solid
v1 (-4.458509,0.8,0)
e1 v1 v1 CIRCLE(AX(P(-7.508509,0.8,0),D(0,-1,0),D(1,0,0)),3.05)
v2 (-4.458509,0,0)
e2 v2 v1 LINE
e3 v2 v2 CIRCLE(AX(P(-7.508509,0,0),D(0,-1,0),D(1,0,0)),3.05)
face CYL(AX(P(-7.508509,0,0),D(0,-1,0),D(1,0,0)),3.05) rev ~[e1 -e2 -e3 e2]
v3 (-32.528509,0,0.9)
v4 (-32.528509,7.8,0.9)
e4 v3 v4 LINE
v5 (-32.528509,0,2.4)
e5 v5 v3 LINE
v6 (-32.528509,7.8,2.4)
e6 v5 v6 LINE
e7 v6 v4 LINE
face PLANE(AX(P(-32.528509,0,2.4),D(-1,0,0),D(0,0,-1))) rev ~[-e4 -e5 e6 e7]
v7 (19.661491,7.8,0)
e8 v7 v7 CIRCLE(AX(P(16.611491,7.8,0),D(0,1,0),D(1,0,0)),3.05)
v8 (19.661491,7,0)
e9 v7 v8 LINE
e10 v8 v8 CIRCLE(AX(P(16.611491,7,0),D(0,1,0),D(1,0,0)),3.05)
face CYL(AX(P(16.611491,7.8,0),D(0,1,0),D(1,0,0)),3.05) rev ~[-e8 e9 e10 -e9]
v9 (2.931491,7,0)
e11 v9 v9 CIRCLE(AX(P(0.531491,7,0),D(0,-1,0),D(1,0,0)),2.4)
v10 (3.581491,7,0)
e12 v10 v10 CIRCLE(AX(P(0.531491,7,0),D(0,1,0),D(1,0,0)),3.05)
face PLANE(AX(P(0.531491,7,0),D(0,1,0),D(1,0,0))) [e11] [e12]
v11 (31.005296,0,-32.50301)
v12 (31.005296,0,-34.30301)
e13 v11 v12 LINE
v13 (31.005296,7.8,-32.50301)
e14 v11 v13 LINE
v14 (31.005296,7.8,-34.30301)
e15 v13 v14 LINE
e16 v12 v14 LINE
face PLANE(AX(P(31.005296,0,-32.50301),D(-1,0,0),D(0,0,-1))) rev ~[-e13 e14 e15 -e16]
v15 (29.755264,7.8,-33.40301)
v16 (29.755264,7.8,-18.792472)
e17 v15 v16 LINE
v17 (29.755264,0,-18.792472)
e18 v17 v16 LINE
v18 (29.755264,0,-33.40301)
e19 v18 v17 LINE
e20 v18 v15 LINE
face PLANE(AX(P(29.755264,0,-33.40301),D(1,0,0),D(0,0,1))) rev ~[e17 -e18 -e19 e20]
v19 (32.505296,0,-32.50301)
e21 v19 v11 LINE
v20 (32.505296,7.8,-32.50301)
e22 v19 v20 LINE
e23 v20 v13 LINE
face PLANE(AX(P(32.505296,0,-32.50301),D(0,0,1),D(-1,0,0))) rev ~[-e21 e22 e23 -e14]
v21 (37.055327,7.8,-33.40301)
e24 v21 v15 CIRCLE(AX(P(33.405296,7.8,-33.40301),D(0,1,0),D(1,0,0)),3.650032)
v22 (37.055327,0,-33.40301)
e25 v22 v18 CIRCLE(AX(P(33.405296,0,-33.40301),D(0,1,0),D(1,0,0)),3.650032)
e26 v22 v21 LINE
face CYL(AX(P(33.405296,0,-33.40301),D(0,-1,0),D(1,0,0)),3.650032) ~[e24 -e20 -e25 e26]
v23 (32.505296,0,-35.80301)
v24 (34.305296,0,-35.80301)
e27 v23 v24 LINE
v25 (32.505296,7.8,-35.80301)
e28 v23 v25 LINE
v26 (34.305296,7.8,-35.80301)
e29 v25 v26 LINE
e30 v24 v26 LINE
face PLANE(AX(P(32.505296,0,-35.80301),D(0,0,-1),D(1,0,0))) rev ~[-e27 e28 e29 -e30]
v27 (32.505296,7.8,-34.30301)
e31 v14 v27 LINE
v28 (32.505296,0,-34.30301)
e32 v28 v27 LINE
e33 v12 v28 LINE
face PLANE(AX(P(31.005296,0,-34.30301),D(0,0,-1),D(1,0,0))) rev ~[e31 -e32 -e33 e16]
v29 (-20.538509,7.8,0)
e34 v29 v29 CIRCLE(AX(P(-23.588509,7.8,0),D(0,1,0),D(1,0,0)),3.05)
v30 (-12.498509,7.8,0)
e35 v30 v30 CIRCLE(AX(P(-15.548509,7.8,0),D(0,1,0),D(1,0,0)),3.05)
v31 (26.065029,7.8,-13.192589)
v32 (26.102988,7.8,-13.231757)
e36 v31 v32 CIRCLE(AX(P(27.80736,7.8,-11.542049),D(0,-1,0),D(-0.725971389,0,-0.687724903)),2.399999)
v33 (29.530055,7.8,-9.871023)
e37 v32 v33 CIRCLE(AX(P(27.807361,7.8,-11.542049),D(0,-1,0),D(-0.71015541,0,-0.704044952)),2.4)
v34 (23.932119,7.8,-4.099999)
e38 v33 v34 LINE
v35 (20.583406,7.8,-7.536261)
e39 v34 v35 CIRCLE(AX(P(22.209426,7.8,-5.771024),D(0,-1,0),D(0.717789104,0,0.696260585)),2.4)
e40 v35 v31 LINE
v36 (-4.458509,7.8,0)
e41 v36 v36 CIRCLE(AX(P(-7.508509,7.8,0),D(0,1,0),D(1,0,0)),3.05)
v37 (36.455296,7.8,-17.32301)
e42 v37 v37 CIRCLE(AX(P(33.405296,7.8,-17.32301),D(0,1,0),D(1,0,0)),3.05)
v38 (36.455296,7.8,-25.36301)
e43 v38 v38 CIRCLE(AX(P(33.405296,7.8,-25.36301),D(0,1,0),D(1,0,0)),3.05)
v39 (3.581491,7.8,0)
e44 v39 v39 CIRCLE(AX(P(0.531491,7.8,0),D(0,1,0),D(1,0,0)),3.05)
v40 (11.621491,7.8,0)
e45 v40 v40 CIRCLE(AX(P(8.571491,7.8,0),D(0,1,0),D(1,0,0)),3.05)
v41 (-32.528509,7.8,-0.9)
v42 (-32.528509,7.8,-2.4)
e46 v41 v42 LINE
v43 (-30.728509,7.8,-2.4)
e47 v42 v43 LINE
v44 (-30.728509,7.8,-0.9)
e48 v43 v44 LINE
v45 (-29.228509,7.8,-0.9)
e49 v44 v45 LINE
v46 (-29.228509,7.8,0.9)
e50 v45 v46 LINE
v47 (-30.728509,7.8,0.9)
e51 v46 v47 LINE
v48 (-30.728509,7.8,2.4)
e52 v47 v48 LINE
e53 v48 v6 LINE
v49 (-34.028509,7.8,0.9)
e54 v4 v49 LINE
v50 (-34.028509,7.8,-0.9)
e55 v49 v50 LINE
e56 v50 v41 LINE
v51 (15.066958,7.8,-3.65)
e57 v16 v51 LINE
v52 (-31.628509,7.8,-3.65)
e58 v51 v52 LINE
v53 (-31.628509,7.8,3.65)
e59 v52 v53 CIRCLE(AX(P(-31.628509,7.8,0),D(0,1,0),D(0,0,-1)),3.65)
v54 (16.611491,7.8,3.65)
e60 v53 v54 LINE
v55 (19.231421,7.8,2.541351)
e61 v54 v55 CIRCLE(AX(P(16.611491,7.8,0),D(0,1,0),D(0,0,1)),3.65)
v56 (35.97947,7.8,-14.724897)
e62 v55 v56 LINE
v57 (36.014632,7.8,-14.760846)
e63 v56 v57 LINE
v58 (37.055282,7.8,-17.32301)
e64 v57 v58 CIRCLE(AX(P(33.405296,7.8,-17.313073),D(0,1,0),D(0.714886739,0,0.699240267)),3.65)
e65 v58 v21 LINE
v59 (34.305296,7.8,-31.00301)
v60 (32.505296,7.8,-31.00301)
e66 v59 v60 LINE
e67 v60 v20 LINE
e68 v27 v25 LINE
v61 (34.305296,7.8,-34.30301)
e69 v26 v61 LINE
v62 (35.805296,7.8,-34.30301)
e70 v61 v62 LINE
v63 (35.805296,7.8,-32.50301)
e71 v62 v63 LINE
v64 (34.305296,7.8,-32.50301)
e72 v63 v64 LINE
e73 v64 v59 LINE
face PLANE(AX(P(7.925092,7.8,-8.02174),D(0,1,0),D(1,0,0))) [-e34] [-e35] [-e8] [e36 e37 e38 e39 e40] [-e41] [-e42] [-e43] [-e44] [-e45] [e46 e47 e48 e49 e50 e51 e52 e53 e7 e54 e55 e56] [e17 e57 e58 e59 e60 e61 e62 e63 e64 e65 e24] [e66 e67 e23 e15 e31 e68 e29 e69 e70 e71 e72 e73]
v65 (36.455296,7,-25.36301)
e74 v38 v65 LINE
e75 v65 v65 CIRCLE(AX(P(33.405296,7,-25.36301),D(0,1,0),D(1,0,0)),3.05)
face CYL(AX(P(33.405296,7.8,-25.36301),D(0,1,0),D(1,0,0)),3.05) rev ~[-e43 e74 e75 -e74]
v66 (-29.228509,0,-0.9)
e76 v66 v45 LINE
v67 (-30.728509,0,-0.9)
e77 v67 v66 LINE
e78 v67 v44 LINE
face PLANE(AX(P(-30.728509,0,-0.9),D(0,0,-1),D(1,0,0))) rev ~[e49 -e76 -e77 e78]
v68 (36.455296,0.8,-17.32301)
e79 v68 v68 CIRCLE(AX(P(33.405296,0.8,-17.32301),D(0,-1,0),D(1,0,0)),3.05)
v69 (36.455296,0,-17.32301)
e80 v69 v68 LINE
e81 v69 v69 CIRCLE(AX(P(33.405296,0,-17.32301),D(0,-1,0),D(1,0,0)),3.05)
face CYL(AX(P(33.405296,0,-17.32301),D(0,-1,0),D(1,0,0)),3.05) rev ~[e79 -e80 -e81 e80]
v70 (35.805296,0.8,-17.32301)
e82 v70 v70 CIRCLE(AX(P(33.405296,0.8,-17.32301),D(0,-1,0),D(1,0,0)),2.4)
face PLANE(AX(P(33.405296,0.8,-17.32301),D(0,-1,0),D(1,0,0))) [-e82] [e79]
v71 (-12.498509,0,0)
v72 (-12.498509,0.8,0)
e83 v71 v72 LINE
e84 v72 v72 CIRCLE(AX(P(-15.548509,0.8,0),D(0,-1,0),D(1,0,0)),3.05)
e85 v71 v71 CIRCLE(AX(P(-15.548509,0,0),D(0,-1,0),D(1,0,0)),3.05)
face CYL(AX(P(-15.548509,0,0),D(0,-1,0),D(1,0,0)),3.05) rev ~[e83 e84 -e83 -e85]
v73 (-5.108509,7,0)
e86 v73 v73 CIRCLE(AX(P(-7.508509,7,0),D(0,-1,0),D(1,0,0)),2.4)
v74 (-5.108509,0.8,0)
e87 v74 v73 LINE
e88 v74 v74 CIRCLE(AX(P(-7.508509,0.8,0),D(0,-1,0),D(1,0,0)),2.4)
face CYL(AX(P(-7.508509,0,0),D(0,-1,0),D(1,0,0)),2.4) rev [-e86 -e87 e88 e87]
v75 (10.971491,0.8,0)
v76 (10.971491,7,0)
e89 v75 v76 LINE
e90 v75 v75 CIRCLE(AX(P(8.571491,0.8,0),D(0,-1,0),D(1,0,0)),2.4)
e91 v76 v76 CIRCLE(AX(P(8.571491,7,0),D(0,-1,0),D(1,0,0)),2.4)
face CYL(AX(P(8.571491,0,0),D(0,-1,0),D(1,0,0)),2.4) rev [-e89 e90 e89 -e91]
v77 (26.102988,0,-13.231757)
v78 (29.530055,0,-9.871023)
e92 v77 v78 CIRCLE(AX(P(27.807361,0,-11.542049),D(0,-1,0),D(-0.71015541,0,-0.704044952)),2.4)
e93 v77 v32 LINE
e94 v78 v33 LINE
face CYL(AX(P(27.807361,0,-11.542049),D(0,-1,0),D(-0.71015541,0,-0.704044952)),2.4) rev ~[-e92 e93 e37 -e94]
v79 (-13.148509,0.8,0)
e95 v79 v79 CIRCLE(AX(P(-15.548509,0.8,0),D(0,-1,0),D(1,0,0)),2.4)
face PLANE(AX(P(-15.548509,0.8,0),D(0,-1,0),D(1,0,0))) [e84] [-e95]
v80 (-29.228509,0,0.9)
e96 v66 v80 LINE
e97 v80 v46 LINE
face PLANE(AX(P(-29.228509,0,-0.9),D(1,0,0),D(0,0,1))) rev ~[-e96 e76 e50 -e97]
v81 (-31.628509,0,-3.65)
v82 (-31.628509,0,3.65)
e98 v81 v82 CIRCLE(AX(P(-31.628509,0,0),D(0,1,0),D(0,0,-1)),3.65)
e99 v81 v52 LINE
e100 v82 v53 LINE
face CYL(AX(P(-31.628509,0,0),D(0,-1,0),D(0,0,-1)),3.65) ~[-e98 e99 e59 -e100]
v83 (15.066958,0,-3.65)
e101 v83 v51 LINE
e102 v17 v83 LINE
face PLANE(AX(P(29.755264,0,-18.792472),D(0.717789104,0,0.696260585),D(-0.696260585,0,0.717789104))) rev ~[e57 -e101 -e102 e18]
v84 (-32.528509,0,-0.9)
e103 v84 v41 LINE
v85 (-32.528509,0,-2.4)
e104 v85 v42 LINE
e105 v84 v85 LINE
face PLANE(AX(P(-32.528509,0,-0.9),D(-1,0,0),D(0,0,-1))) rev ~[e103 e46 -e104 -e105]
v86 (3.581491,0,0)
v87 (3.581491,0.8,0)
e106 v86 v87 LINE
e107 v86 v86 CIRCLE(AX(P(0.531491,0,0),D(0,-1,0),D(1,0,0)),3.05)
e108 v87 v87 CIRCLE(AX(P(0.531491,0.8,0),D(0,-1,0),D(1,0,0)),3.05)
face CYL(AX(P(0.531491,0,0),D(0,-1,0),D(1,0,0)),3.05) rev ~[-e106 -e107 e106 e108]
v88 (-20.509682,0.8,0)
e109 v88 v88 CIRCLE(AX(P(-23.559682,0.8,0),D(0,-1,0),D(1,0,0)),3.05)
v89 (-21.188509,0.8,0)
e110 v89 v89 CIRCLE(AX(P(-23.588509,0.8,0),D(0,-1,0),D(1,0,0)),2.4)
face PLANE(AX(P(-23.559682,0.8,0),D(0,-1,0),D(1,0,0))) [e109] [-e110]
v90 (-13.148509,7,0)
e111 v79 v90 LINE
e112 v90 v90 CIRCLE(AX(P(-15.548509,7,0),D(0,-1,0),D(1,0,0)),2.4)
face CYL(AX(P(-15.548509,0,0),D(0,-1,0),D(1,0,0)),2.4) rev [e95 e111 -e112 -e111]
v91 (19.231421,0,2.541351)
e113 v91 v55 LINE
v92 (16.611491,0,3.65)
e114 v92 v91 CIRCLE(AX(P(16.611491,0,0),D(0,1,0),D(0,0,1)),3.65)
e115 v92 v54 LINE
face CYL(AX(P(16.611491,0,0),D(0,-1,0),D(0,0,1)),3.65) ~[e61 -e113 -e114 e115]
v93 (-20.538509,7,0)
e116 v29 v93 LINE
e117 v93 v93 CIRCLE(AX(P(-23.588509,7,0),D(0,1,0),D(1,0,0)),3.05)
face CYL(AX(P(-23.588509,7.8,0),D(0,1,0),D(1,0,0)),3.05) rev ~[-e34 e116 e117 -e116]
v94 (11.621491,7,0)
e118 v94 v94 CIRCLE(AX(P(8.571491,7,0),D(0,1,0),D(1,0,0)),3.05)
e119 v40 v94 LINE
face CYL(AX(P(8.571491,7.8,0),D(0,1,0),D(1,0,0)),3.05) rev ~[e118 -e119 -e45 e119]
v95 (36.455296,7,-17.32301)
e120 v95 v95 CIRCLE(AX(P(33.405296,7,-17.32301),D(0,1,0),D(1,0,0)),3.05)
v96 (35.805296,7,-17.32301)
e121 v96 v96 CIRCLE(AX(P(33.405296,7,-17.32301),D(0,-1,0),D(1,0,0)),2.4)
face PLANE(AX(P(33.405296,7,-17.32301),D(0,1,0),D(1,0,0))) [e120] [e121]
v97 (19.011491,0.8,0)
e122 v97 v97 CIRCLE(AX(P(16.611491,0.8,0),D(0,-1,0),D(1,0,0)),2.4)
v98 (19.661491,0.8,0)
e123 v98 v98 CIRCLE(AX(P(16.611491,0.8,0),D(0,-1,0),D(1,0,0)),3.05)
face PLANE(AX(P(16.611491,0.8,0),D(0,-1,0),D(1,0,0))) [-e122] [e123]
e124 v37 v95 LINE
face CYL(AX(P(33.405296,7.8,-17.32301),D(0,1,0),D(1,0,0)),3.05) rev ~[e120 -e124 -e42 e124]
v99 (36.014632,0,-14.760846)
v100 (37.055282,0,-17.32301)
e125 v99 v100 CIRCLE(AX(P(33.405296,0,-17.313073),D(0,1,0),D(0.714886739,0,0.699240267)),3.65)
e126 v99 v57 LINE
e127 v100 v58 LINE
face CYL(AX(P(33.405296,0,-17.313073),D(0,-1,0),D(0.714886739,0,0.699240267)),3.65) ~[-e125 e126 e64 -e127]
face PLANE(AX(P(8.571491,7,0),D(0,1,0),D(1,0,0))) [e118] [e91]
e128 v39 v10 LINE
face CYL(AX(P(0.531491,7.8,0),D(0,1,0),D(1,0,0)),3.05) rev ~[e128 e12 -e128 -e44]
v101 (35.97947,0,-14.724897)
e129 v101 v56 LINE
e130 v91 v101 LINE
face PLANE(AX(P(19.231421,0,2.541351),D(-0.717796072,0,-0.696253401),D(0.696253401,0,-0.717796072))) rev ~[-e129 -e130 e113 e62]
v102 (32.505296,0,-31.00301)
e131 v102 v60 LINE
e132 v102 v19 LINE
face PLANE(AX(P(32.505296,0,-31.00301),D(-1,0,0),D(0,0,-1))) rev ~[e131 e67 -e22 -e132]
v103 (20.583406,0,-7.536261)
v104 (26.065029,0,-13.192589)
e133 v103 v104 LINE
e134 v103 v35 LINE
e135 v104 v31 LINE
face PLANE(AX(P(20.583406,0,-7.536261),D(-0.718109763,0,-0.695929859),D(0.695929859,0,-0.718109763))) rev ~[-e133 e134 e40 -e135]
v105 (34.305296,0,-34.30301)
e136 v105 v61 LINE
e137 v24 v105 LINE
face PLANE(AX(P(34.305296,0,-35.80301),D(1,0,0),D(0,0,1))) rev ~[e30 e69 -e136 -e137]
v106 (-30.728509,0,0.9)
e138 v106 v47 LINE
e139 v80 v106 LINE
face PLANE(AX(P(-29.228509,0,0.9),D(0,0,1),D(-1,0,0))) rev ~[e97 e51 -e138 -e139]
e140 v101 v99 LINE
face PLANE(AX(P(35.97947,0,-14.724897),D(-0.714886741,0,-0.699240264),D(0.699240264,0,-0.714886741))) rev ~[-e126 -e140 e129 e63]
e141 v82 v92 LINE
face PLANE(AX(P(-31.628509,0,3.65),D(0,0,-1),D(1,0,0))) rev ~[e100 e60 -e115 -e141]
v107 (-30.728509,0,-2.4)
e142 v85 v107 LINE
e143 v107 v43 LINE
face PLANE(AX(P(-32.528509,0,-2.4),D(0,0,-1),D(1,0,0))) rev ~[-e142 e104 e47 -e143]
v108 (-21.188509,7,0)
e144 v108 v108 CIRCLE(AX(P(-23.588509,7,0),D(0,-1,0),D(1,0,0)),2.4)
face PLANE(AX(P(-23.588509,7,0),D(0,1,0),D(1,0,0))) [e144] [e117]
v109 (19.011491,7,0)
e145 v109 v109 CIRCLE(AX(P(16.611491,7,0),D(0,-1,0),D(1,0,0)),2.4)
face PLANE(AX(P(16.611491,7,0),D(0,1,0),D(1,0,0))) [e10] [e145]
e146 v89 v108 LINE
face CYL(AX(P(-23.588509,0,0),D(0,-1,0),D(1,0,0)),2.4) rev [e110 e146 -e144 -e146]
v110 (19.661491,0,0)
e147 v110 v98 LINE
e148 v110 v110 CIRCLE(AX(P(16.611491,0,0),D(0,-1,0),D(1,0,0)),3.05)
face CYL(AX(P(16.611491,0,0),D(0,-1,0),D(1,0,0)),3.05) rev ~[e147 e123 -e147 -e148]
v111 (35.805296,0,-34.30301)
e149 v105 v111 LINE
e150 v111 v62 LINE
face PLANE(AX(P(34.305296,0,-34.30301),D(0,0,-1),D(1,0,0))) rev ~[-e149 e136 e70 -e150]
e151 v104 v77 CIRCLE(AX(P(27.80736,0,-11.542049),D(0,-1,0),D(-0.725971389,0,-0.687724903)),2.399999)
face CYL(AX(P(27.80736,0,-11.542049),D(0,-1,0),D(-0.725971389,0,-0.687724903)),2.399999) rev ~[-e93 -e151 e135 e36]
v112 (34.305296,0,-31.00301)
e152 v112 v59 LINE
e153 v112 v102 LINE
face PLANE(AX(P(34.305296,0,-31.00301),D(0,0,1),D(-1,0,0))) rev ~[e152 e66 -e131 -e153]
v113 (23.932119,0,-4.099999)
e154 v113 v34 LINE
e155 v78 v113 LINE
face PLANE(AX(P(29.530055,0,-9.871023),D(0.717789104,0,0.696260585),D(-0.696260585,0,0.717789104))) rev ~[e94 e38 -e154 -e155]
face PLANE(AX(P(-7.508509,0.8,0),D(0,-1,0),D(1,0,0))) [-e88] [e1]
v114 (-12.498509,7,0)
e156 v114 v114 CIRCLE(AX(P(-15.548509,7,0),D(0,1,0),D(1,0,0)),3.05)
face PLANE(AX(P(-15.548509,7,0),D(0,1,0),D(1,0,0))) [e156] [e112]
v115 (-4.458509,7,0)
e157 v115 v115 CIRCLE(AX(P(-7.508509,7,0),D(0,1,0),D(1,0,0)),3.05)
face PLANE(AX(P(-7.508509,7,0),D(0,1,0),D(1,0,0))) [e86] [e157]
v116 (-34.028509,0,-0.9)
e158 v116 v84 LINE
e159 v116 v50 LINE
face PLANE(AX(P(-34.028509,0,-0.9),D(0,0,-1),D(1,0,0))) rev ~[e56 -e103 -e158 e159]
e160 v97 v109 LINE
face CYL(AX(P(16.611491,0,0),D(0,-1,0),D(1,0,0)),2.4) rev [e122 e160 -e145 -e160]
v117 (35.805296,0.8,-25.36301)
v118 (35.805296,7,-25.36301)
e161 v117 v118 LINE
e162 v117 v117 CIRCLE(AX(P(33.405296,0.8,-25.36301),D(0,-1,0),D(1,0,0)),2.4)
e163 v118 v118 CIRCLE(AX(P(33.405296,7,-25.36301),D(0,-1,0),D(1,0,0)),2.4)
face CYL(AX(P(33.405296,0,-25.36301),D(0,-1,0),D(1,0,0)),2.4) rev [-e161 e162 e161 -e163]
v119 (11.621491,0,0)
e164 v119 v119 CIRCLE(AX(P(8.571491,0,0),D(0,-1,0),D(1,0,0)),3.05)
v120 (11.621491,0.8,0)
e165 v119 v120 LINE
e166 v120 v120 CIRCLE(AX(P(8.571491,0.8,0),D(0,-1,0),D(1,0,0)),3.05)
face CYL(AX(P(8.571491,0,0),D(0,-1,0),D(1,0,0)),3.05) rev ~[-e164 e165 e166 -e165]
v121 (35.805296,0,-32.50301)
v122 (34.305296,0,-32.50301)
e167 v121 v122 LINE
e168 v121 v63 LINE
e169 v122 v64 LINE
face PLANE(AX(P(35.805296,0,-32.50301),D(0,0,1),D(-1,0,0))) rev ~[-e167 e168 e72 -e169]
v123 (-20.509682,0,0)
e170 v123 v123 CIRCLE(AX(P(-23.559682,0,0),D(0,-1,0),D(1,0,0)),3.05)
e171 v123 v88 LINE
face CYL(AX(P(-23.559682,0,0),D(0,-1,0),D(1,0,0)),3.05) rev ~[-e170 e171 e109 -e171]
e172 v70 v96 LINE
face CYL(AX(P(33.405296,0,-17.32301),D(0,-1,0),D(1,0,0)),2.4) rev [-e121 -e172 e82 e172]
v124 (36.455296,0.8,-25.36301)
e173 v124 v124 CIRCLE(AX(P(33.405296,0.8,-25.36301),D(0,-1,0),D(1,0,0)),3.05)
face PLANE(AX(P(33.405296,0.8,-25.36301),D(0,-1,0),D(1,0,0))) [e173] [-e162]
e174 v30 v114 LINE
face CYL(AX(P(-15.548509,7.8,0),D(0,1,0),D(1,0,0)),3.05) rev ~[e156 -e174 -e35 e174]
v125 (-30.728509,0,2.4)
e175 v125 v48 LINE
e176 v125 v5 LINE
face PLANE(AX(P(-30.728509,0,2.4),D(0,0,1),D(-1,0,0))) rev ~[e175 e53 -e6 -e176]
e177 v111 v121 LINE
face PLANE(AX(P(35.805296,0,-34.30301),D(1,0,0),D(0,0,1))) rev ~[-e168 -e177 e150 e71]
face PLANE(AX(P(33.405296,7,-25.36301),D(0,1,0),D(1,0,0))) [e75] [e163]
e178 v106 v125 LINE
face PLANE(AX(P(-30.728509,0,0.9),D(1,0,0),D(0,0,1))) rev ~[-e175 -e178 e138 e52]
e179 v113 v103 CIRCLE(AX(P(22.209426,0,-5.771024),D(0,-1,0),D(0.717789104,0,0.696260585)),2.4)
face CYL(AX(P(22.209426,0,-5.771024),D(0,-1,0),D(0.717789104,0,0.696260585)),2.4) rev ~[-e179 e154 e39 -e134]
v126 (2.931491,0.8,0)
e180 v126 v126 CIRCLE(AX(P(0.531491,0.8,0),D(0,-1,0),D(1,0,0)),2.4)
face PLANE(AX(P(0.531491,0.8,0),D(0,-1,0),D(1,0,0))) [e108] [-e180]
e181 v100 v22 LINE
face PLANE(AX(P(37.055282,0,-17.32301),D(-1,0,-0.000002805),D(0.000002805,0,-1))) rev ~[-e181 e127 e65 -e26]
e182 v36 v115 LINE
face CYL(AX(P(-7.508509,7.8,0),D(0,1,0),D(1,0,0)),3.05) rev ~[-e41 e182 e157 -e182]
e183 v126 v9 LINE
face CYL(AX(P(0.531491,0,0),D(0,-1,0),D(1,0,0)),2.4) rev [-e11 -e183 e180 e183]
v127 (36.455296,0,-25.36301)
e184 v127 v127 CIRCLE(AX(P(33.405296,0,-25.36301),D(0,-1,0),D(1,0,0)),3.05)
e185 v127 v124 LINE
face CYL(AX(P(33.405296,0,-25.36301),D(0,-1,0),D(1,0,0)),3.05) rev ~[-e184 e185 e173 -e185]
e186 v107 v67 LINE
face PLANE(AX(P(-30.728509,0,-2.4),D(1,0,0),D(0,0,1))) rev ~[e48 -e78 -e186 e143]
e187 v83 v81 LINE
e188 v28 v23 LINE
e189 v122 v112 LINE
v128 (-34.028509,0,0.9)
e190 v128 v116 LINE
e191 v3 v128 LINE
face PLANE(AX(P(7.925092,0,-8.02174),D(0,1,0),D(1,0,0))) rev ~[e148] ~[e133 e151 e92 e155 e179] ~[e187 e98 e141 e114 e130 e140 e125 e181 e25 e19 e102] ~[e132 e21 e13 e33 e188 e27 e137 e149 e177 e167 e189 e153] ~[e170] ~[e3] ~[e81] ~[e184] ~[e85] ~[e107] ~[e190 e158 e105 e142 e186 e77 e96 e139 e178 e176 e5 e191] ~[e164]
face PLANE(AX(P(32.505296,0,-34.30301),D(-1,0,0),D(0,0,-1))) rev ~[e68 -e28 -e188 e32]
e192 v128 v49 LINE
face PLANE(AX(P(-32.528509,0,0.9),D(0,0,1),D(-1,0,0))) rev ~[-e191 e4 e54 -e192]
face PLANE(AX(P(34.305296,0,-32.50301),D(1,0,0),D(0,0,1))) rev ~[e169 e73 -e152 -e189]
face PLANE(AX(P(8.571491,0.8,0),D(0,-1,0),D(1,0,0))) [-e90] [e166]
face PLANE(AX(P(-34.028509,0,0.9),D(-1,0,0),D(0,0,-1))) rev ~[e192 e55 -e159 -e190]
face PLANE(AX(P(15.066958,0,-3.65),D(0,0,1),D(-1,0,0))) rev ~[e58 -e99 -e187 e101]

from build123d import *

# Parameters (mm, degrees)
SKETCH1_R           = 2.4
BOSS_EXTRUDE1_DEPTH = 7.8
SKETCH2_R           = 3.05
CUT_EXTRUDE1_DEPTH  = 0.8
SKETCH3_R           = 3.05
CUT_EXTRUDE2_DEPTH  = 0.8


with BuildPart() as part:
    # Sketch1 → Boss-Extrude1 (new body)
    with BuildSketch(Plane(origin=(0, 0, 0), x_dir=(1, 0, 0), z_dir=(0, 1, 0))):
        with BuildLine():
            Line((15.06695764, 3.65), (-31.62850949, 3.65))
            ThreePointArc((-31.62850949, 3.65), (-35.27850949, 0), (-31.62850949, -3.65))
            Line((-31.62850949, -3.65), (16.61149051, -3.65))
            ThreePointArc((16.61149051, -3.65), (18.033912451, -3.361430621), (19.23142074, -2.541351135))
            Line((19.23142074, -2.541351135), (35.979469964, 14.72489695))
            Line((35.979469964, 14.72489695), (36.014632418, 14.760846213))
            ThreePointArc((36.014632418, 14.760846213), (36.787004293, 15.9395566), (37.055282295, 17.323010033))
            Line((37.055282295, 17.323010033), (37.055327398, 33.403010033))
            ThreePointArc((37.055327398, 33.403010033), (33.405295822, 37.05304161), (29.755264245, 33.403010033))
            Line((29.755264245, 33.403010033), (29.755264245, 18.792472031))
            Line((29.755264245, 18.792472031), (15.06695764, 3.65))
        make_face()
        Polygon((-30.72850949, 2.4), (-30.72850949, 0.9), (-29.22850949, 0.9), (-29.22850949, -0.9), (-30.72850949, -0.9), (-30.72850949, -2.4), (-32.52850949, -2.4), (-32.52850949, -0.9), (-34.02850949, -0.9), (-34.02850949, 0.9), (-32.52850949, 0.9), (-32.52850949, 2.4), align=None, mode=Mode.SUBTRACT)
        with Locations((-23.58850949, 0)):
            Circle(SKETCH1_R, mode=Mode.SUBTRACT)
        with Locations((-15.54850949, 0)):
            Circle(SKETCH1_R, mode=Mode.SUBTRACT)
        with Locations((-7.50850949, 0)):
            Circle(SKETCH1_R, mode=Mode.SUBTRACT)
        with Locations((0.53149051, 0)):
            Circle(SKETCH1_R, mode=Mode.SUBTRACT)
        with Locations((8.57149051, 0)):
            Circle(SKETCH1_R, mode=Mode.SUBTRACT)
        with Locations((16.61149051, 0)):
            Circle(SKETCH1_R, mode=Mode.SUBTRACT)
        with BuildLine():
            ThreePointArc((23.932119463, 4.099998991), (20.490614709, 4.09600527), (20.583406202, 7.536261171))
            Line((20.583406202, 7.536261171), (26.065029385, 13.19258856))
            ThreePointArc((26.065029385, 13.19258856), (26.083897287, 13.212280453), (26.102987734, 13.231756675))
            ThreePointArc((26.102987734, 13.231756675), (29.48775233, 13.255607669), (29.530054567, 9.871023387))
            Line((29.530054567, 9.871023387), (23.932119463, 4.099998991))
        make_face(mode=Mode.SUBTRACT)
        with Locations((33.405295822, 17.323010033)):
            Circle(SKETCH1_R, mode=Mode.SUBTRACT)
        with Locations((33.405295822, 25.363010033)):
            Circle(SKETCH1_R, mode=Mode.SUBTRACT)
        Polygon((34.305295822, 35.803010033), (34.305295822, 34.303010033), (35.805295822, 34.303010033), (35.805295822, 32.503010033), (34.305295822, 32.503010033), (34.305295822, 31.003010033), (32.505295822, 31.003010033), (32.505295822, 32.503010033), (31.005295822, 32.503010033), (31.005295822, 34.303010033), (32.505295822, 34.303010033), (32.505295822, 35.803010033), align=None, mode=Mode.SUBTRACT)
    extrude(amount=BOSS_EXTRUDE1_DEPTH)

    # Sketch2 → Cut-Extrude1 (cut)
    with BuildSketch(Plane(origin=(0, 7.8, 0), x_dir=(1, 0, 0), z_dir=(0, 1, 0))):
        with Locations((-23.58850949, 0)):
            Circle(SKETCH2_R)
        with Locations((-15.54850949, 0)):
            Circle(SKETCH2_R)
        with Locations((-7.50850949, 0)):
            Circle(SKETCH2_R)
        with Locations((0.53149051, 0)):
            Circle(SKETCH2_R)
        with Locations((8.57149051, 0)):
            Circle(SKETCH2_R)
        with Locations((16.61149051, 0)):
            Circle(SKETCH2_R)
        with Locations((33.405295822, 17.323010033)):
            Circle(SKETCH2_R)
        with Locations((33.405295822, 25.363010033)):
            Circle(SKETCH2_R)
    extrude(amount=-CUT_EXTRUDE1_DEPTH, mode=Mode.SUBTRACT)

    # Sketch3 → Cut-Extrude2 (cut)
    with BuildSketch(Plane.XZ):
        with Locations((-23.55968241, 0)):
            Circle(SKETCH3_R)
        with Locations((-15.54850949, 0)):
            Circle(SKETCH3_R)
        with Locations((-7.50850949, 0)):
            Circle(SKETCH3_R)
        with Locations((0.53149051, 0)):
            Circle(SKETCH3_R)
        with Locations((8.57149051, 0)):
            Circle(SKETCH3_R)
        with Locations((16.61149051, 0)):
            Circle(SKETCH3_R)
        with Locations((33.405295822, -17.323010033)):
            Circle(SKETCH3_R)
        with Locations((33.405295822, -25.363010033)):
            Circle(SKETCH3_R)
    extrude(amount=-CUT_EXTRUDE2_DEPTH, mode=Mode.SUBTRACT)


solid = part.part
